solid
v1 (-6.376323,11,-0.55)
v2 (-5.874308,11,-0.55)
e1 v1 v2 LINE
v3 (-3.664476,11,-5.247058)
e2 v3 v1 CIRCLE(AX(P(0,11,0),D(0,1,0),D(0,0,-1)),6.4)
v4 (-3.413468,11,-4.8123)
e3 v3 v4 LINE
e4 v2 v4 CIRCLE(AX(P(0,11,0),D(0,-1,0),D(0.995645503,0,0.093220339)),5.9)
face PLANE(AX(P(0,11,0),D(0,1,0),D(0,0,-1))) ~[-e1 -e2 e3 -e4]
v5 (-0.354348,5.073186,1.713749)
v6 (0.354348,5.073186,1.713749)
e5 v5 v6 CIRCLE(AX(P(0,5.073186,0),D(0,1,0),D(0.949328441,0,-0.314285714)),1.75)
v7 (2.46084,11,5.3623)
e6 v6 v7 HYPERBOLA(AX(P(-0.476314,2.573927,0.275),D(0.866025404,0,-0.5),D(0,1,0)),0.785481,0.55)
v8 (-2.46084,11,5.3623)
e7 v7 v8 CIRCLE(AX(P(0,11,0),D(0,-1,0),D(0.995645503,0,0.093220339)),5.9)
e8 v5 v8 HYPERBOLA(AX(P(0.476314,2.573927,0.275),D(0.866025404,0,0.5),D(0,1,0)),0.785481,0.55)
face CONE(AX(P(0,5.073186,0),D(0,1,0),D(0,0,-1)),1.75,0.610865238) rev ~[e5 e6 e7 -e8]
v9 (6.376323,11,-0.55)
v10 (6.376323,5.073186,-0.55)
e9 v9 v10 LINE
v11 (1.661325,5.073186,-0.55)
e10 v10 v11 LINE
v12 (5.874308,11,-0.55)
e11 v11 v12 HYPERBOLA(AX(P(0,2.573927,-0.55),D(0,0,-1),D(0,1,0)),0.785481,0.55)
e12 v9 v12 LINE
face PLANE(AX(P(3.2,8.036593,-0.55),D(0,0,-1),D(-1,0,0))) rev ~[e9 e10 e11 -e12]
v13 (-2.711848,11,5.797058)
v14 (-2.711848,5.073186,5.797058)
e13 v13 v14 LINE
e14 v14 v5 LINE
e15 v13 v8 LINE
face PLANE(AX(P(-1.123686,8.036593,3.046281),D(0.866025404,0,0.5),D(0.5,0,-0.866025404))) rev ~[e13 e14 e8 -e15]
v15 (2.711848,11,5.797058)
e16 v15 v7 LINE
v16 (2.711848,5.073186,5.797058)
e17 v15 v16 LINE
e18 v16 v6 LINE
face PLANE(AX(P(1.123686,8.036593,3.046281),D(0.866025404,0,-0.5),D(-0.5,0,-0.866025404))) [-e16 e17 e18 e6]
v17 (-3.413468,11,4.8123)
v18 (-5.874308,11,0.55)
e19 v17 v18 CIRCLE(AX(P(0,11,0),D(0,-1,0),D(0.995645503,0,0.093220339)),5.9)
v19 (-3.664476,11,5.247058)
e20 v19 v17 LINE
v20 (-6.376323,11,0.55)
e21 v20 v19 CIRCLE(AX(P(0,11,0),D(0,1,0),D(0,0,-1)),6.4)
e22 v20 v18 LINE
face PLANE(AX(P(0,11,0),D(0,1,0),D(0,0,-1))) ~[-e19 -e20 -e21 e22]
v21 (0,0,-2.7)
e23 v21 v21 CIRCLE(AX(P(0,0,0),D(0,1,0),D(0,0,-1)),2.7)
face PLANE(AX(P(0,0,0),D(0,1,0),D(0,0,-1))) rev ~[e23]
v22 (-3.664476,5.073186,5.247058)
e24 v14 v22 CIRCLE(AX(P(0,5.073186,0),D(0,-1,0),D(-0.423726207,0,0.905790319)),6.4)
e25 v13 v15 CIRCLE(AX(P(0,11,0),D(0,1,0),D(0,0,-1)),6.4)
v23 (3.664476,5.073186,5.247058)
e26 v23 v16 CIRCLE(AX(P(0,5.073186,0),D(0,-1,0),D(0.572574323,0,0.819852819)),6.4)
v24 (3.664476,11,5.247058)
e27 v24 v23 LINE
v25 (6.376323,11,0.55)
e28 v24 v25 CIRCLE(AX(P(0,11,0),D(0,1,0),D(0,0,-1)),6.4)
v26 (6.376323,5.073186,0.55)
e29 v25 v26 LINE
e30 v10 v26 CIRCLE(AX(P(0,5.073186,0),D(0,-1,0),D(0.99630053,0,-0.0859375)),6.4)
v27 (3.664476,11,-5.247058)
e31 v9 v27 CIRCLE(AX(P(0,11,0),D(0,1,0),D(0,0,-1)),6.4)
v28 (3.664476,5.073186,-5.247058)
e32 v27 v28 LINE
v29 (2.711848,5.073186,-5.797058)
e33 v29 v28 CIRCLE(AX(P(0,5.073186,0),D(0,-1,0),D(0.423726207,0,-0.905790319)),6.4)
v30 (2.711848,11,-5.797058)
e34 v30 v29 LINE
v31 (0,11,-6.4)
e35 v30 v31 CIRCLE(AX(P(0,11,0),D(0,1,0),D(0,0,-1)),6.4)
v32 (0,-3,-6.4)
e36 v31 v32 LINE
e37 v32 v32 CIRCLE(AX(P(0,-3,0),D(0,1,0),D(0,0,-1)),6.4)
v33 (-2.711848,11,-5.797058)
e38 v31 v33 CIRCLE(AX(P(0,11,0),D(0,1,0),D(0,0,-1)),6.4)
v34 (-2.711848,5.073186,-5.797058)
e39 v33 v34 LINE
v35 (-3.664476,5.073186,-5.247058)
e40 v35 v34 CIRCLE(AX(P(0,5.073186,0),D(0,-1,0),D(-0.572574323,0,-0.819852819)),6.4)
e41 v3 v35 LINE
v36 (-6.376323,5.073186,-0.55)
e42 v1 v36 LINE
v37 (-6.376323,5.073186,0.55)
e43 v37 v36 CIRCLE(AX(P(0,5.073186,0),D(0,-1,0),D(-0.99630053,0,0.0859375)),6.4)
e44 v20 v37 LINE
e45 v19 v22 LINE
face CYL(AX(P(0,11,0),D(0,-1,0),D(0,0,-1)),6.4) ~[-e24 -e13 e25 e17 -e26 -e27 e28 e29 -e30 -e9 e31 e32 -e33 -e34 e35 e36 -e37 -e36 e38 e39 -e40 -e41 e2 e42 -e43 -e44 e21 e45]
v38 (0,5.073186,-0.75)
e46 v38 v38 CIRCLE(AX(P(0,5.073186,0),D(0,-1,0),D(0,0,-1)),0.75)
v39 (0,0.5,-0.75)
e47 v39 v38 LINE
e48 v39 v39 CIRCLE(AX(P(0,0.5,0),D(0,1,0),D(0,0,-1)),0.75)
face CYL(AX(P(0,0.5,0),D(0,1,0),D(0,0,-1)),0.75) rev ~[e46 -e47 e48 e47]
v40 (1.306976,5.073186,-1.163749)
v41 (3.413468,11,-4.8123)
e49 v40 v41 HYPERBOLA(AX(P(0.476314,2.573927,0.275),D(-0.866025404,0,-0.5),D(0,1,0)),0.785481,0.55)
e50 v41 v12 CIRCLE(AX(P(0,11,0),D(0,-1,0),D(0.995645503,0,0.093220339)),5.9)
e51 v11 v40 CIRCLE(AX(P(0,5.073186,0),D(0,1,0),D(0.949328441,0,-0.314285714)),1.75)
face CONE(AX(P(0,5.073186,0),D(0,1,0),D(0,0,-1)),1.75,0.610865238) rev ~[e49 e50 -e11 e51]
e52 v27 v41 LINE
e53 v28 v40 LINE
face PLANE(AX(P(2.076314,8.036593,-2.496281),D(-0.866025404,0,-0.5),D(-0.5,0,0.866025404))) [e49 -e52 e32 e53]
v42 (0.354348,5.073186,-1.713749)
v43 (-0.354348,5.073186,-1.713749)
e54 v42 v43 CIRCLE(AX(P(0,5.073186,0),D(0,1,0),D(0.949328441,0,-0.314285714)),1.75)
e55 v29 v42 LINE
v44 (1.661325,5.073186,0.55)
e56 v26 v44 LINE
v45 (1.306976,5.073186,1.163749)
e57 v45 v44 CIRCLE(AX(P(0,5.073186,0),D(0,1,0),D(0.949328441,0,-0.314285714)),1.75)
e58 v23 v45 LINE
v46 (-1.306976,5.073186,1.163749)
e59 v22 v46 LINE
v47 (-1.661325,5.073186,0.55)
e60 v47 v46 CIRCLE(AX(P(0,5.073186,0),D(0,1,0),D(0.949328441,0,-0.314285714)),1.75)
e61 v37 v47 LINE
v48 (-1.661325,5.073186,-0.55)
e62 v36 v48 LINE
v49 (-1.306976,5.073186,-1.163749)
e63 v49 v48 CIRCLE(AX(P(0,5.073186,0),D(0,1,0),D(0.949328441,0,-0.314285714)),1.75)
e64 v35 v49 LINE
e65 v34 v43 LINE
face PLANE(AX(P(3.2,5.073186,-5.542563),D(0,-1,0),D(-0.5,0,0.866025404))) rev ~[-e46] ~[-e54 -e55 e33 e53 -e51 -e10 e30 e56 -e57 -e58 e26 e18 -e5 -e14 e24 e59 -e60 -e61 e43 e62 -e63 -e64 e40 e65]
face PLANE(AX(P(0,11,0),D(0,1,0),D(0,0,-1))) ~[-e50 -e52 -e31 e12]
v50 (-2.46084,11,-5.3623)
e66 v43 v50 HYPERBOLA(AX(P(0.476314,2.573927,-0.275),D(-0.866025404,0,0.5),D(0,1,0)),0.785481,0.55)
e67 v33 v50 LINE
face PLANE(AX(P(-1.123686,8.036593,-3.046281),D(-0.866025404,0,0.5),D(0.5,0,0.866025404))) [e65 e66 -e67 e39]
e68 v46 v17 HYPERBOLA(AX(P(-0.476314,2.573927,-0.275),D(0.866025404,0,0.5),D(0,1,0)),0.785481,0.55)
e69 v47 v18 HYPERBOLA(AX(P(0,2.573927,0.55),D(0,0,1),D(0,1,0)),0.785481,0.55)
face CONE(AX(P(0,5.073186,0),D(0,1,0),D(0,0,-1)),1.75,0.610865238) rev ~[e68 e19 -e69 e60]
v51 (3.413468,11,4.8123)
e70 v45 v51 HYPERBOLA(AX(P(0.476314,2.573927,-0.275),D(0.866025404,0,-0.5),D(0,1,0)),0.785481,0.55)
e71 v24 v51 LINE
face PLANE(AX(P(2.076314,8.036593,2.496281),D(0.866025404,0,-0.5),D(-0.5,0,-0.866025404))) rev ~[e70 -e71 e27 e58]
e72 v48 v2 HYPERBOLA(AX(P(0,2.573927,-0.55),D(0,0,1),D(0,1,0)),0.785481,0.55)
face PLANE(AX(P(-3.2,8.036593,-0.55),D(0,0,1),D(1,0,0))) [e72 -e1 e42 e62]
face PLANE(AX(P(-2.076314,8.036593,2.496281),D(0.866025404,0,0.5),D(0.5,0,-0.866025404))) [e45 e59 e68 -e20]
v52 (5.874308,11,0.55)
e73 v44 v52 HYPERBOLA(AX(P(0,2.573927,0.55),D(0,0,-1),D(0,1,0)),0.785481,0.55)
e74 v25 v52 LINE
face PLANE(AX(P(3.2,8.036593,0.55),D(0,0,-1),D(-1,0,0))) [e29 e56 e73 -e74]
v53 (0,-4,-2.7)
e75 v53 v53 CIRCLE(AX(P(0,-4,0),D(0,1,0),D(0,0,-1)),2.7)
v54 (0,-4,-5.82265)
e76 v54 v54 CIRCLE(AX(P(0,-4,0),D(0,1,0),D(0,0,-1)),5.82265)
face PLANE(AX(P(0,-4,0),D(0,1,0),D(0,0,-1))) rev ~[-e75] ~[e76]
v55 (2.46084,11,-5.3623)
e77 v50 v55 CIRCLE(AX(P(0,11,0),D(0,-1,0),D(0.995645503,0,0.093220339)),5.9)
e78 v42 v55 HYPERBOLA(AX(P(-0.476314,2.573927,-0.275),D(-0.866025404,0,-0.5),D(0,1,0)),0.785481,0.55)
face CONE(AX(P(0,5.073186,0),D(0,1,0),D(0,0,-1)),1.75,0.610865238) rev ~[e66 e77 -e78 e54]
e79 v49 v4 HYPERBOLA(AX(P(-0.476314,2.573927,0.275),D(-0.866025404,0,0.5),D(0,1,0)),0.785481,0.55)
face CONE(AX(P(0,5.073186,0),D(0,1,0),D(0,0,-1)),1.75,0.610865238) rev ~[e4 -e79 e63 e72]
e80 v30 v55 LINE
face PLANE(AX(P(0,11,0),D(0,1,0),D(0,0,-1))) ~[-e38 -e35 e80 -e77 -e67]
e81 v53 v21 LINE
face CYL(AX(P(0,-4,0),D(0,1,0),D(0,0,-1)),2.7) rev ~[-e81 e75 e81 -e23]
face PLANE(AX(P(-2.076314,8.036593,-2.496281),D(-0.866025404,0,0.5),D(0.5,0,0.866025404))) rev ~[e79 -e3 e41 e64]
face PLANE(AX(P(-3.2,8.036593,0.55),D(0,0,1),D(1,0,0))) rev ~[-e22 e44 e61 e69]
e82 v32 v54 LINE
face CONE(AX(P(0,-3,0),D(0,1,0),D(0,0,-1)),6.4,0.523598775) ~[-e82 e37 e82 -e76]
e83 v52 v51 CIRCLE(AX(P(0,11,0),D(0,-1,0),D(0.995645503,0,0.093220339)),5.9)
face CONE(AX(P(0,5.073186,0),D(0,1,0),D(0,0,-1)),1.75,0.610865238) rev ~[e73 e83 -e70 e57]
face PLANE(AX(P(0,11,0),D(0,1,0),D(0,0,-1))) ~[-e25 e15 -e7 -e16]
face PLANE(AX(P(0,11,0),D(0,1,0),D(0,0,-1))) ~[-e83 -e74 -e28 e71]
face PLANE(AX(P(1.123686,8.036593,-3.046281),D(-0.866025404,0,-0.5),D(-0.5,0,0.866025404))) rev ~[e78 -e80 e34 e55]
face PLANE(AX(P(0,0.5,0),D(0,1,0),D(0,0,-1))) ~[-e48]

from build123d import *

# Parameters (mm, degrees)
CHAMFER1_SIZE      = 1
CHAMFER1_SIZE2     = 0.577350269
SKETCH2_W          = 6.4
SKETCH2_H          = 5.926814228
CUT_EXTRUDE1_DEPTH = 0.55
CIRPATTERN1_COUNT  = 6


with BuildPart() as part:
    # Sketch1 → Revolve1 (revolve)
    with BuildSketch(Plane.XY, mode=Mode.PRIVATE) as revolve1_sk:
        Polygon((0, 0), (0, 0.5), (0.75, 0.5), (0.75, 5.073185772), (1.75, 5.073185772), (5.9, 11), (6.4, 11), (6.4, -4), (2.7, -4), (2.7, 0), align=None)
    revolve(revolve1_sk.sketch.rotate(Axis((0, 0, 0), (0, 1, 0)), 90), axis=Axis((0, 0, 0), (0, 1, 0)))

    # Chamfer1
    chamfer1_edges = [part.edges().sort_by_distance(p)[0] for p in [
        (0, -4, 6.4),
    ]]
    chamfer1_side = [part.faces().sort_by_distance(p)[0] for p in [
        (0, 3.5, 6.4),
    ]]
    chamfer(chamfer1_edges, length=CHAMFER1_SIZE, length2=CHAMFER1_SIZE2, reference=chamfer1_side[0])

    # Sketch2 → Cut-Extrude1 (cut, symmetric)
    with BuildSketch(Plane(origin=(0, 0, 0), x_dir=(-1, 0, 0), z_dir=(0, 0, -1))):
        with Locations((-3.2, 8.036592886)):
            Rectangle(SKETCH2_W, SKETCH2_H)
    cut_extrude1 = extrude(amount=CUT_EXTRUDE1_DEPTH, both=True, mode=Mode.SUBTRACT)

    # CirPattern1: Cut-Extrude1 ×6 about axis
    cirpattern1_axis = Axis((0, 0, 0), (0, 1, 0))
    for i in range(1, CIRPATTERN1_COUNT):
        add(cut_extrude1.rotate(cirpattern1_axis, i * 360 / CIRPATTERN1_COUNT), mode=Mode.SUBTRACT)


solid = part.part
